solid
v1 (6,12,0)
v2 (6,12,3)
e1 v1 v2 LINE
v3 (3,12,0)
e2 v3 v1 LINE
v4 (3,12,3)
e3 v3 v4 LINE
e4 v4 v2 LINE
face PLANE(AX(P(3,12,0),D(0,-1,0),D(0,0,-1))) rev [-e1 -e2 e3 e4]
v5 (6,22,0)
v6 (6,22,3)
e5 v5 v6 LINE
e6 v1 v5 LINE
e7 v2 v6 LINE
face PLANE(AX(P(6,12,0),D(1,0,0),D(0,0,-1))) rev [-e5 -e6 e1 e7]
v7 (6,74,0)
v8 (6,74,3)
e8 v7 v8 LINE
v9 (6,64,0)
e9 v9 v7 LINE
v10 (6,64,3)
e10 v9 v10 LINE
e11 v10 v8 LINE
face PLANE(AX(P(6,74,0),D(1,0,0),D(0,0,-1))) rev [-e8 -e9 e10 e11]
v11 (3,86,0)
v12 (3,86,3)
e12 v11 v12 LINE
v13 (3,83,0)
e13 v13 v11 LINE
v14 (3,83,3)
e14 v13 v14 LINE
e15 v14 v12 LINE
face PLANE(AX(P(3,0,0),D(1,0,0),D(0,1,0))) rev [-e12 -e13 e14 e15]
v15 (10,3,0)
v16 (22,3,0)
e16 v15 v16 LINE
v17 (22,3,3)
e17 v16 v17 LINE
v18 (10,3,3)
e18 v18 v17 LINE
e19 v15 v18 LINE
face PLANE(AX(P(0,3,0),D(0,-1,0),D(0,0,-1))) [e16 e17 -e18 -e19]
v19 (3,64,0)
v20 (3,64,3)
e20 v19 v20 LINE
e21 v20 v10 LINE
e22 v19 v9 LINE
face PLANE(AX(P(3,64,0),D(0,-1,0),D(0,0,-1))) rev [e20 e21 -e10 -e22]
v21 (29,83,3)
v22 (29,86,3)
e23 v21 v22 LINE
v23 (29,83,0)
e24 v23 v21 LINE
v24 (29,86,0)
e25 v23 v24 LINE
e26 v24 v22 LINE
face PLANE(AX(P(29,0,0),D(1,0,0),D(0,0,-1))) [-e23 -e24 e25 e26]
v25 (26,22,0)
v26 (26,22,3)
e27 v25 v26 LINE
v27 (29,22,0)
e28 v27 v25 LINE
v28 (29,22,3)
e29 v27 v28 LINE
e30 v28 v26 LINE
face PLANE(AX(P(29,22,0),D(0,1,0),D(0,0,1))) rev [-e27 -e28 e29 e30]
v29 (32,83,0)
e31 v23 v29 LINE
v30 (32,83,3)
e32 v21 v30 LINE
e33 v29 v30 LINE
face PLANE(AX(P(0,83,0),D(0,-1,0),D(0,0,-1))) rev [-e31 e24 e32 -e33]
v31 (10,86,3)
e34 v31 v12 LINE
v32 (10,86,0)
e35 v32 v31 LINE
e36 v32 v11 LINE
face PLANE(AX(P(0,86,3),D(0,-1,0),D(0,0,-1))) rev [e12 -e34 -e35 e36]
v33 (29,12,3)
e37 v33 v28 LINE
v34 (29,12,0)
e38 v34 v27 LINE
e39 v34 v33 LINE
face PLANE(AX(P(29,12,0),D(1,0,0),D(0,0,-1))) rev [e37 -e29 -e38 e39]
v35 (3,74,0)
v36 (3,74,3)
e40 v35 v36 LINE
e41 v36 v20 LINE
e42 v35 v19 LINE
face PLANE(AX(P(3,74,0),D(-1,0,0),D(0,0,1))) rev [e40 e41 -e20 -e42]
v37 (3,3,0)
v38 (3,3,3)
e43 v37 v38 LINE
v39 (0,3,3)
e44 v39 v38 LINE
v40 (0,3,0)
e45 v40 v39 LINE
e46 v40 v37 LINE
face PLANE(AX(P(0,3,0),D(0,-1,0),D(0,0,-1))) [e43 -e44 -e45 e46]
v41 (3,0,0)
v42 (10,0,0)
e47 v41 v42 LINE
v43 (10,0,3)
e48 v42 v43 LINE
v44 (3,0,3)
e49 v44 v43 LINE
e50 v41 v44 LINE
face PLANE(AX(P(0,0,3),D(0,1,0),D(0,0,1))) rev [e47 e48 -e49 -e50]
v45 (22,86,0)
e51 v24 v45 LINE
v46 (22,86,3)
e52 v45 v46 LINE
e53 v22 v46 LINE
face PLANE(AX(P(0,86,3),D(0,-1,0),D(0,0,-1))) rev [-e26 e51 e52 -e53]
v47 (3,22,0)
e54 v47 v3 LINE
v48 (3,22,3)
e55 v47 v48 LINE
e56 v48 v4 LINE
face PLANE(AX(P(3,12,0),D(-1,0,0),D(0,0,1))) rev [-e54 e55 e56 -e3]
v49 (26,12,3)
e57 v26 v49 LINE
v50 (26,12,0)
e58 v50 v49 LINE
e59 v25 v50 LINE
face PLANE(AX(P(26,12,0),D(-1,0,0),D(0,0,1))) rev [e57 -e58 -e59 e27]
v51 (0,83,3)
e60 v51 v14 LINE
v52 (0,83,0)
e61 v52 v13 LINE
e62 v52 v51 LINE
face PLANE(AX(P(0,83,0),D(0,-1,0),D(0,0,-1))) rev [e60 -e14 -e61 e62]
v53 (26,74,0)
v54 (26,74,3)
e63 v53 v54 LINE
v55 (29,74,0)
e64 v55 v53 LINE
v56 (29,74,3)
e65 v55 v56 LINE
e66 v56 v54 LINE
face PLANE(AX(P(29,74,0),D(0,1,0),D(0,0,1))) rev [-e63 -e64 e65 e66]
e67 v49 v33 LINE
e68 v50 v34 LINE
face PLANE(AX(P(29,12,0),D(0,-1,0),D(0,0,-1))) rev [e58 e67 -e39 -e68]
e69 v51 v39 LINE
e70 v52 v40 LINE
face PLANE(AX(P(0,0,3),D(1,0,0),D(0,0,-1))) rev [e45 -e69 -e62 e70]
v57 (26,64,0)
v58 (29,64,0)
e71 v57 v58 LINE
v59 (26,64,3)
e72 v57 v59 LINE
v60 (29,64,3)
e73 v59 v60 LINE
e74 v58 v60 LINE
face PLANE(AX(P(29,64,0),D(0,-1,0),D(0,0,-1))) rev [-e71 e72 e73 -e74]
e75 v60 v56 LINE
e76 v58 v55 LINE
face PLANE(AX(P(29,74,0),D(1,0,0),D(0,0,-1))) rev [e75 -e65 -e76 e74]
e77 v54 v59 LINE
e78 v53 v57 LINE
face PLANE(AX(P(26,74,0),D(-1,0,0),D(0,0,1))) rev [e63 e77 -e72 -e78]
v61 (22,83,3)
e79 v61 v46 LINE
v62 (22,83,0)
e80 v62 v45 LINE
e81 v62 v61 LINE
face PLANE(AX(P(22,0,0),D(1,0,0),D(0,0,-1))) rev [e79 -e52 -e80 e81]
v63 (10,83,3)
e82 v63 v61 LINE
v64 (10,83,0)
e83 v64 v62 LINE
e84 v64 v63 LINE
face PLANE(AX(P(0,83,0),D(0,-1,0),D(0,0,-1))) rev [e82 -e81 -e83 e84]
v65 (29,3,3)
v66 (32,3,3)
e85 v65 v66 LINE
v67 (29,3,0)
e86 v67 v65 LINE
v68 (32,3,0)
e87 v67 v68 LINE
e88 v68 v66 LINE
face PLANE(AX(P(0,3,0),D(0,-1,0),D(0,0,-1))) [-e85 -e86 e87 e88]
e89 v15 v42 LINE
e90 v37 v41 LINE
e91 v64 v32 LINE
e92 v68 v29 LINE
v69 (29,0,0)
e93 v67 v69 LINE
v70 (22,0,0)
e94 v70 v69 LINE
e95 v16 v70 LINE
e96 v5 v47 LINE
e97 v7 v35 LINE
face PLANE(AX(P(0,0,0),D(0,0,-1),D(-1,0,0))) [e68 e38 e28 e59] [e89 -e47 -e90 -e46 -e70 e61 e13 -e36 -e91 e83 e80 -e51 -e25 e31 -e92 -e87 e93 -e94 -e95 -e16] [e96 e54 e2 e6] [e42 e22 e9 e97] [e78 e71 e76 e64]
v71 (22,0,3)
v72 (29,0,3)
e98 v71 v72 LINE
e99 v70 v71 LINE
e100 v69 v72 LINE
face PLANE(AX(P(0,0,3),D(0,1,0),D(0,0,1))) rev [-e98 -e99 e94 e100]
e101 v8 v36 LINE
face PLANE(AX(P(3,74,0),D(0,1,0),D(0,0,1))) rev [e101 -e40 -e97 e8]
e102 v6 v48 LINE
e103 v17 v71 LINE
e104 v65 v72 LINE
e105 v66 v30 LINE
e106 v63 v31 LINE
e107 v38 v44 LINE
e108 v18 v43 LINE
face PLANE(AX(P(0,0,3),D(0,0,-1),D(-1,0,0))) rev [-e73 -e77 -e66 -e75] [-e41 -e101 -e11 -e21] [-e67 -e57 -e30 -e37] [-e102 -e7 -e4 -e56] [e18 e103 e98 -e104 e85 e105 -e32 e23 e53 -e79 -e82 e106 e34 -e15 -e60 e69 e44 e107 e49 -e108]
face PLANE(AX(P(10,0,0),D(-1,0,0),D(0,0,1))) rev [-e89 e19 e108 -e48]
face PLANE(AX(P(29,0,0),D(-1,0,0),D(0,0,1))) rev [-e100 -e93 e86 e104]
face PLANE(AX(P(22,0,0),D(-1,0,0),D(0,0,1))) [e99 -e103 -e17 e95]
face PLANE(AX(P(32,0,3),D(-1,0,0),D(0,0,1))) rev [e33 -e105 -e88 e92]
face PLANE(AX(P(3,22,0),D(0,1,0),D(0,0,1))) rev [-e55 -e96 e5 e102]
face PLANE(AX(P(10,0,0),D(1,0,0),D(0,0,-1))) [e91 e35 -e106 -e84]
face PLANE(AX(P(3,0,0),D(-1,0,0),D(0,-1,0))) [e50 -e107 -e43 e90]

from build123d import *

# Parameters (mm, degrees)
SKETCH_1_W          = 32
SKETCH_1_H          = 86
EXTRUDE_1_DEPTH     = 3
SKETCH_2_W          = 12
SKETCH_2_H          = 3
SKETCH_2_W_2        = 3
CUT_EXTRUDE_1_DEPTH = 4
SKETCH_3_W          = 3
SKETCH_3_H          = 10
CUT_EXTRUDE_2_DEPTH = 4


with BuildPart() as part:
    # 스케치1 → 보스-돌출1 (new body)
    with BuildSketch(Plane.XY):
        with Locations((16, 43)):
            Rectangle(SKETCH_1_W, SKETCH_1_H)
    extrude(amount=EXTRUDE_1_DEPTH)

    # 스케치2 → 컷-돌출1 (cut, through all)
    with BuildSketch(Plane.XY.offset(3)):
        with Locations((16, 84.5)):
            Rectangle(SKETCH_2_W, SKETCH_2_H)
        with Locations((1.5, 84.5)):
            Rectangle(SKETCH_2_W_2, SKETCH_2_H)
        with Locations((30.5, 84.5)):
            Rectangle(SKETCH_2_W_2, SKETCH_2_H)
        with Locations((16, 1.5)):
            Rectangle(SKETCH_2_W, SKETCH_2_H)
        with Locations((1.5, 1.5)):
            Rectangle(SKETCH_2_W_2, SKETCH_2_H)
        with Locations((30.5, 1.5)):
            Rectangle(SKETCH_2_W_2, SKETCH_2_H)
    extrude(amount=-CUT_EXTRUDE_1_DEPTH, mode=Mode.SUBTRACT)

    # 스케치3 → 컷-돌출2 (cut, through all)
    with BuildSketch(Plane.XY.offset(3)):
        with Locations((27.5, 69)):
            Rectangle(SKETCH_3_W, SKETCH_3_H)
        with Locations((4.5, 69)):
            Rectangle(SKETCH_3_W, SKETCH_3_H)
        with Locations((27.5, 17)):
            Rectangle(SKETCH_3_W, SKETCH_3_H)
        with Locations((4.5, 17)):
            Rectangle(SKETCH_3_W, SKETCH_3_H)
    extrude(amount=-CUT_EXTRUDE_2_DEPTH, mode=Mode.SUBTRACT)


solid = part.part
